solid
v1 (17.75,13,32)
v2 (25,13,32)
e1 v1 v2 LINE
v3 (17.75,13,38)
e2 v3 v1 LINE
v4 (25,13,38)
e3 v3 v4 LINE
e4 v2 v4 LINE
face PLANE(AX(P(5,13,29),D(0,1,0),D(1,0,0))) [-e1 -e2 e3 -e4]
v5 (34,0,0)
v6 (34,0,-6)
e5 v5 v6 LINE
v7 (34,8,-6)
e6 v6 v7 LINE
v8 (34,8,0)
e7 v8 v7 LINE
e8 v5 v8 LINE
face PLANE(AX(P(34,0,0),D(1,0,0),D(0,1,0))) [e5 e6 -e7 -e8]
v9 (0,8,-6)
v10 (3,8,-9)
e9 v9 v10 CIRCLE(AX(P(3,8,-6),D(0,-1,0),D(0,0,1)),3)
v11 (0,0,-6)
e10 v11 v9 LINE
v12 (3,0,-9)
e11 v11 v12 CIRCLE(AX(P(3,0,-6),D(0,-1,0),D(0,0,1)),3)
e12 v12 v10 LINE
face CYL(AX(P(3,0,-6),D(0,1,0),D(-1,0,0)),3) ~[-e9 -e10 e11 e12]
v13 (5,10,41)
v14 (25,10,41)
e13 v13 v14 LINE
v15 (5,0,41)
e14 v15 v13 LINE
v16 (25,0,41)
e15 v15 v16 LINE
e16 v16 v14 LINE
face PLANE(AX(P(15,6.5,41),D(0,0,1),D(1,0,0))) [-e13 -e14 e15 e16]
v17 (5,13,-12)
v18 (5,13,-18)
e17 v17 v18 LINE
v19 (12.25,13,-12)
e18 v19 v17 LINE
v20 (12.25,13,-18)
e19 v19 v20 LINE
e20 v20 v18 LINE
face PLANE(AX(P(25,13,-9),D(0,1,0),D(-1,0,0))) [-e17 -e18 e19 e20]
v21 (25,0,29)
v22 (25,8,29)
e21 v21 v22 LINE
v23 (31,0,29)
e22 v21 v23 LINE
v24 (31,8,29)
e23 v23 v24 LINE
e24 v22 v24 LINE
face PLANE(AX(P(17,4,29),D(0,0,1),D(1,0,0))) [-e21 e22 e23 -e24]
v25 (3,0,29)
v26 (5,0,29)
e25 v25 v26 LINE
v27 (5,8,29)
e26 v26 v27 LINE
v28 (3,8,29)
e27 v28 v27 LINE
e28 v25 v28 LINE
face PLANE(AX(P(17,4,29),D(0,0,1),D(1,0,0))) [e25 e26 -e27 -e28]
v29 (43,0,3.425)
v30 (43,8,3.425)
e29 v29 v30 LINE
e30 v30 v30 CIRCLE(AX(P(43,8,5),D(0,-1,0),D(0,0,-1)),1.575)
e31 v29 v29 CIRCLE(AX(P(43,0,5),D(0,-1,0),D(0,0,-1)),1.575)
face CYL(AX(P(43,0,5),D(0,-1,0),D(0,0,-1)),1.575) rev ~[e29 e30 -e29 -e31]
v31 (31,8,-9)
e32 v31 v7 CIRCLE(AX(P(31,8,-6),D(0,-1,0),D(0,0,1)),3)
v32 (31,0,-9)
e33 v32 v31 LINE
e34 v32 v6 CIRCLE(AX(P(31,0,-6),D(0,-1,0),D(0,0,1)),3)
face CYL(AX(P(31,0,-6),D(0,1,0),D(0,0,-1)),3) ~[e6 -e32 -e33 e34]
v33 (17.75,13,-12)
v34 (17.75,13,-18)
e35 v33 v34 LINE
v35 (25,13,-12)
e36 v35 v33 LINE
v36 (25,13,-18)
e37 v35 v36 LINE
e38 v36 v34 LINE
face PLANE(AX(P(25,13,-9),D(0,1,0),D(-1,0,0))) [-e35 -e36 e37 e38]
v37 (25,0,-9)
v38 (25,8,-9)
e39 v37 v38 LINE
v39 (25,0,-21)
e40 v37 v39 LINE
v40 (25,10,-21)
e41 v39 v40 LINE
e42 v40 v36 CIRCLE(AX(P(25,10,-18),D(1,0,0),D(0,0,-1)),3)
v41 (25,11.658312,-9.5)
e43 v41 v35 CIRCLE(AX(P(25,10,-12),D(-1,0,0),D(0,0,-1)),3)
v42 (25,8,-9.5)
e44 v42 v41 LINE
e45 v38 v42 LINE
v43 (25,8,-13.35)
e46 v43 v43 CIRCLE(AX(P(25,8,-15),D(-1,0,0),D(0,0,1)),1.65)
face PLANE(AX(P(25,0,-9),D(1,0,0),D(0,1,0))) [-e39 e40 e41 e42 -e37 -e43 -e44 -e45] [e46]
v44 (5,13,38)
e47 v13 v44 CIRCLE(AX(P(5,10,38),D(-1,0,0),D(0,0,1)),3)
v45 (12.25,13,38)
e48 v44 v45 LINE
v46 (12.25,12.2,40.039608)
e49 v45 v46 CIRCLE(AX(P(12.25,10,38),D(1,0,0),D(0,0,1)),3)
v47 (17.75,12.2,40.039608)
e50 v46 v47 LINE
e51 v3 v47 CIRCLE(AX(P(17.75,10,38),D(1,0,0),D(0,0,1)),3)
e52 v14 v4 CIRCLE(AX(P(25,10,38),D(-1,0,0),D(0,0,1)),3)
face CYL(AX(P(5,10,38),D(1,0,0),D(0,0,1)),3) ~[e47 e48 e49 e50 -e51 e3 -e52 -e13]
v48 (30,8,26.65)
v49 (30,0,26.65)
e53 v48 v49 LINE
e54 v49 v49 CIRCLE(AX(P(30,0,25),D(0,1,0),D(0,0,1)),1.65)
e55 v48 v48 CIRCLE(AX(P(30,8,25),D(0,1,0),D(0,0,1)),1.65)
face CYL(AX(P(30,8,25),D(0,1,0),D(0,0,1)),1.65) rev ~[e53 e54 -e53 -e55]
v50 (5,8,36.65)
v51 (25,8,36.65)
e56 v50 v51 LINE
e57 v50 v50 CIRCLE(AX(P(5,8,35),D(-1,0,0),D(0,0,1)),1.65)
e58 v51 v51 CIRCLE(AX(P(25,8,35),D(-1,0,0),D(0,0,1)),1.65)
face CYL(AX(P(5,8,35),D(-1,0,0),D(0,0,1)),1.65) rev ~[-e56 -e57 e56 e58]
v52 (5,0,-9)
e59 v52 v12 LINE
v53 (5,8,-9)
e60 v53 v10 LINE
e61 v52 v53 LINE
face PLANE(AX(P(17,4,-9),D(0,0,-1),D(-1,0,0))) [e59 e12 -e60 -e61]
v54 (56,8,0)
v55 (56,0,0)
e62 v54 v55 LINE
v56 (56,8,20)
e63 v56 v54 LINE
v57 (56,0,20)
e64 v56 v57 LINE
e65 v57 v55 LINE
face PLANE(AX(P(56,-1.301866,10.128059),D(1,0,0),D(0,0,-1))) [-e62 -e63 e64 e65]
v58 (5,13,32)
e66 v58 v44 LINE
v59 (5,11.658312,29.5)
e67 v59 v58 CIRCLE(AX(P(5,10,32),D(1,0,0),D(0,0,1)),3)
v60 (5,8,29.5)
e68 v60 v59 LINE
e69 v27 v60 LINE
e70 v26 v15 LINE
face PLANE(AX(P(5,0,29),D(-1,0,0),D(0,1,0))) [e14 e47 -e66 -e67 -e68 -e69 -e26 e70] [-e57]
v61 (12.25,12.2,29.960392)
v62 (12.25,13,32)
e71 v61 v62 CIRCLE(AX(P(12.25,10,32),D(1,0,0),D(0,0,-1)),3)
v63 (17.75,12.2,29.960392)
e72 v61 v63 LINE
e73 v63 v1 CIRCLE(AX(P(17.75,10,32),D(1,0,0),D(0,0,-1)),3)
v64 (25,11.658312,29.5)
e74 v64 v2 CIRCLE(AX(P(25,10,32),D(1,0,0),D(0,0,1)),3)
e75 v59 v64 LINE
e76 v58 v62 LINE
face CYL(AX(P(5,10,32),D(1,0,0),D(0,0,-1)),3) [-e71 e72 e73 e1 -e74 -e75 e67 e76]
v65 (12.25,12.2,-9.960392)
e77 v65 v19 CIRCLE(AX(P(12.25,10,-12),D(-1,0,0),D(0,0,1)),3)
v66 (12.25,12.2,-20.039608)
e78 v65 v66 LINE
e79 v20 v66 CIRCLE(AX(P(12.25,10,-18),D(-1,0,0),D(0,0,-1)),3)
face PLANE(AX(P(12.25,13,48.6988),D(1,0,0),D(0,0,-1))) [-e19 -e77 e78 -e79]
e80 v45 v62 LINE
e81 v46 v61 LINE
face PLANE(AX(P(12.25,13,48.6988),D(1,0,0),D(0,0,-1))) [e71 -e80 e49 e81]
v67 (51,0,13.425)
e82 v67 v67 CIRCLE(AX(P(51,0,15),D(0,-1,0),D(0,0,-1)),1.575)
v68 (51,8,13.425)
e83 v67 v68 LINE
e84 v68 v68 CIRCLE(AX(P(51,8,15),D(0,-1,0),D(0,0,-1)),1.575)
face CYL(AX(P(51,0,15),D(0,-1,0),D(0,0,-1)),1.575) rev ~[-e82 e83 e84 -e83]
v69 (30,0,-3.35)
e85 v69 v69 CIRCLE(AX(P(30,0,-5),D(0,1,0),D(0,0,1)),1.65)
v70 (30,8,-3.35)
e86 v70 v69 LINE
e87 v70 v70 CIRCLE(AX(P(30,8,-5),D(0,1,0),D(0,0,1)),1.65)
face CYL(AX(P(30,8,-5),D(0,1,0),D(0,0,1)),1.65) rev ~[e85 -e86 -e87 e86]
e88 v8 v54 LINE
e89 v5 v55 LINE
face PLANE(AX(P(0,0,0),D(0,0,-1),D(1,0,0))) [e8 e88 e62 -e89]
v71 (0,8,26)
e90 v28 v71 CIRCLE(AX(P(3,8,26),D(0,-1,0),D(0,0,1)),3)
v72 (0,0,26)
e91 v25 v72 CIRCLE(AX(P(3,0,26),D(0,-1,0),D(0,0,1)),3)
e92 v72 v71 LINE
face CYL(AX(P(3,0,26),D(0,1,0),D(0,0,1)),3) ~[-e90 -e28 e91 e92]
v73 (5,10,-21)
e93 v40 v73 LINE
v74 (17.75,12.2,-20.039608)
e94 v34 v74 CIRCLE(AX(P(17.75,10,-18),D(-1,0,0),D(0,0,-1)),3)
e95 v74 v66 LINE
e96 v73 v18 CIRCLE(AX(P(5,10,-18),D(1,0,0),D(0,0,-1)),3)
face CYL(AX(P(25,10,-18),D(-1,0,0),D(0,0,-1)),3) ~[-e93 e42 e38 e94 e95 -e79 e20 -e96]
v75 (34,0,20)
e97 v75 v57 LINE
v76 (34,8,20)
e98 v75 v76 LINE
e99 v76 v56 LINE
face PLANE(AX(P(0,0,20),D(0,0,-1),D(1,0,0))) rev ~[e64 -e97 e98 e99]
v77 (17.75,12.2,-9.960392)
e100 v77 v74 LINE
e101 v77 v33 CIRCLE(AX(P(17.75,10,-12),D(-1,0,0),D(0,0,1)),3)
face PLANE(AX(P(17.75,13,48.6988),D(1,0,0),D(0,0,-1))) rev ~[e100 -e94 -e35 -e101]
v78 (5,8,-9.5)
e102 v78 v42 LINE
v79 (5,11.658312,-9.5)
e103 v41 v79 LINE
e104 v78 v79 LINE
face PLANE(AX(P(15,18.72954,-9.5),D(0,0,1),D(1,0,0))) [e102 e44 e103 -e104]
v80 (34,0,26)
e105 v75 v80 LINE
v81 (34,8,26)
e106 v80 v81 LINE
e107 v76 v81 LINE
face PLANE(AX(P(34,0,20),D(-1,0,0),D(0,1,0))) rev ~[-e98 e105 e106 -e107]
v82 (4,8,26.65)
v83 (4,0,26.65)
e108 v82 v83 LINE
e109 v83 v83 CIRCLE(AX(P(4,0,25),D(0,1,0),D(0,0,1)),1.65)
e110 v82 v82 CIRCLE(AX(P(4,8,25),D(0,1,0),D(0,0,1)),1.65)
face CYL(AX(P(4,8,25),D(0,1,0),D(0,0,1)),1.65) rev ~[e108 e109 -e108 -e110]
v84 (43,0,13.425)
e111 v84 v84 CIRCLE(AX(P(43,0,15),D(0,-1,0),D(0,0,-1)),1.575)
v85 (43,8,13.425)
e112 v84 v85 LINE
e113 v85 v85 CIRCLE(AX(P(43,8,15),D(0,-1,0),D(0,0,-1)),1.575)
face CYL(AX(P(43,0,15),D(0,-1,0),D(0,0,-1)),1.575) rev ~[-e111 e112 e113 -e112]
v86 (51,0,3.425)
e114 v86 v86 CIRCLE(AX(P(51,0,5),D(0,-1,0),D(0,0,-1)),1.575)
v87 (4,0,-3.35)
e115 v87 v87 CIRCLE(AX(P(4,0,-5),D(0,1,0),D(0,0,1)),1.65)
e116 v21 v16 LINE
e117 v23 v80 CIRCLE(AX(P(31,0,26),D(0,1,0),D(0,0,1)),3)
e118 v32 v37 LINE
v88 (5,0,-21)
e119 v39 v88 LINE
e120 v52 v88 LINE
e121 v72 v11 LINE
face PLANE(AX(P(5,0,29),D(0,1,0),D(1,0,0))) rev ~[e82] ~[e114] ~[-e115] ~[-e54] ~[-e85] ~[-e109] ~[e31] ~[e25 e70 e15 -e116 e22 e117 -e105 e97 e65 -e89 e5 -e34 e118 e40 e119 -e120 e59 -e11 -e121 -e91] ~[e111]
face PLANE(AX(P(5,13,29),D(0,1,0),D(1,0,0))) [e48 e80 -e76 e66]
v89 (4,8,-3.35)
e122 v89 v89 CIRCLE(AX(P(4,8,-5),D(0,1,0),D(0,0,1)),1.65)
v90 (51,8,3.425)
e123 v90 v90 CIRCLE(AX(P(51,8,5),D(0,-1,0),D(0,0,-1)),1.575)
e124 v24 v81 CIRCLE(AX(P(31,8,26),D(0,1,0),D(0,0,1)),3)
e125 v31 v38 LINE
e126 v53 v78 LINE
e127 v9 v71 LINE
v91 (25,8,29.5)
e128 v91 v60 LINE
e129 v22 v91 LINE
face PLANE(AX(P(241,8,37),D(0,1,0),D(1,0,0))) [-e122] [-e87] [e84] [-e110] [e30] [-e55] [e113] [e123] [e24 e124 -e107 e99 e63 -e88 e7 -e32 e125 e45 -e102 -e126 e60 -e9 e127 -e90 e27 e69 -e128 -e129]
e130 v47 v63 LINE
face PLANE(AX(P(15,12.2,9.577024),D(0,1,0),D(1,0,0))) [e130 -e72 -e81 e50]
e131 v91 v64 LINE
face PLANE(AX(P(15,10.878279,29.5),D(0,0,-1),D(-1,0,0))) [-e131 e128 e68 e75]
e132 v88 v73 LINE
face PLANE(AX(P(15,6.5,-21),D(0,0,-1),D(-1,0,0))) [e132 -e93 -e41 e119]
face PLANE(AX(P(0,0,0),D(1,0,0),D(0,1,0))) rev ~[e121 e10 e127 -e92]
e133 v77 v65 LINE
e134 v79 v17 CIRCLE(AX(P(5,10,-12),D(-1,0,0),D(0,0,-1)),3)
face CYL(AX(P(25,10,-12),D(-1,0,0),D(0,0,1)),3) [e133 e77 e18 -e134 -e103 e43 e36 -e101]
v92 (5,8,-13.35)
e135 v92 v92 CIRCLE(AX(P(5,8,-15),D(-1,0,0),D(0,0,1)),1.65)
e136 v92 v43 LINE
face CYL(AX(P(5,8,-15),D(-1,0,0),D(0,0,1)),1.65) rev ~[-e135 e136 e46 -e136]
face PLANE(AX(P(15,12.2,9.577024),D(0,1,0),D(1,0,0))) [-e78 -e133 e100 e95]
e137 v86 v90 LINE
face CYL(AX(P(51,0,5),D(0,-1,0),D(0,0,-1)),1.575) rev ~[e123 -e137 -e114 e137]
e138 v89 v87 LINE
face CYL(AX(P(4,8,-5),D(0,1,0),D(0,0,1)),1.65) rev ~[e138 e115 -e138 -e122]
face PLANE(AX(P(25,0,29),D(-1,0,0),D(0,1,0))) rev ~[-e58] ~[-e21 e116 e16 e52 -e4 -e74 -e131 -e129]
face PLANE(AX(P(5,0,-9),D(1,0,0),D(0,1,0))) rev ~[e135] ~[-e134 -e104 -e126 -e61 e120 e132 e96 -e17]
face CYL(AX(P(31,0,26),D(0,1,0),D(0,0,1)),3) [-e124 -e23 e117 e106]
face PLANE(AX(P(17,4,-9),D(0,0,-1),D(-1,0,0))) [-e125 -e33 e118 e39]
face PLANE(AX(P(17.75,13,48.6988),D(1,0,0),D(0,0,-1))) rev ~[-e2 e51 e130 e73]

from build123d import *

# Parameters (mm, degrees)
SKETCH1_W            = 300
SKETCH1_H            = 20
BOSS_EXTRUDE1_DEPTH  = 8
SKETCH2_W            = 34
SKETCH2_H            = 8
BOSS_EXTRUDE2_DEPTH  = 9
SKETCH3_W            = 34
SKETCH3_H            = 8
BOSS_EXTRUDE3_DEPTH  = 9
SKETCH4_R            = 1.65
CUT_EXTRUDE1_DEPTH   = 302.504560496
SKETCH5_W            = 25
SKETCH5_H            = 8
BOSS_EXTRUDE4_DEPTH  = 17
SKETCH6_W            = 25
SKETCH6_H            = 8
BOSS_EXTRUDE5_DEPTH  = 17
SKETCH7_W            = 10
SKETCH7_H            = 38
CUT_EXTRUDE2_DEPTH   = 303.37890138
SKETCH8_W            = 7
SKETCH8_H            = 16
CUT_EXTRUDE3_DEPTH   = 4
CUT_EXTRUDE4_DEPTH   = 7
BOSS_EXTRUDE6_DEPTH  = 10
SKETCH12_W           = 8
SKETCH12_H           = 8
BOSS_EXTRUDE7_DEPTH  = 17
SKETCH13_R           = 1.7
CUT_EXTRUDE6_DEPTH   = 305.926220585
SKETCH14_W           = 20
SKETCH14_H           = 13
BOSS_EXTRUDE8_DEPTH  = 12
SKETCH15_R           = 1.6
CUT_EXTRUDE7_DEPTH   = 20
SKETCH16_W           = 20
SKETCH16_H           = 13
BOSS_EXTRUDE9_DEPTH  = 12
SKETCH17_R           = 1.6
CUT_EXTRUDE8_DEPTH   = 20
SKETCH18_W           = 20
SKETCH18_H           = 13
BOSS_EXTRUDE10_DEPTH = 12
SKETCH19_R           = 1.65
CUT_EXTRUDE9_DEPTH   = 20
SKETCH20_W           = 20
SKETCH20_H           = 13
BOSS_EXTRUDE11_DEPTH = 12
SKETCH21_R           = 1.65
CUT_EXTRUDE10_DEPTH  = 20
FILLET6_R            = 3
SKETCH22_W           = 123.750788161
SKETCH22_H           = 72.639217631
CUT_EXTRUDE11_DEPTH  = 244
SKETCH23_R           = 1.575
CUT_EXTRUDE12_DEPTH  = 71.611613776
FILLET7_R            = 3
SKETCH24_W           = 5.5
SKETCH24_H           = 78.243551934
CUT_EXTRUDE13_DEPTH  = 0.8
SKETCH25_W           = 20
SKETCH25_H           = 5.75655834
CUT_EXTRUDE14_DEPTH  = 0.5
SKETCH26_W           = 20
SKETCH26_H           = 21.459079842
CUT_EXTRUDE15_DEPTH  = 0.5


with BuildPart() as part:
    # Sketch1 → Boss-Extrude1 (new body)
    with BuildSketch(Plane(origin=(0, 0, 0), x_dir=(1, 0, 0), z_dir=(0, 1, 0))):
        with Locations((150, -10)):
            Rectangle(SKETCH1_W, SKETCH1_H)
    extrude(amount=BOSS_EXTRUDE1_DEPTH)

    # Sketch2 → Boss-Extrude2 (add)
    with BuildSketch(Plane.XY.offset(20)):
        with Locations((17, 4)):
            Rectangle(SKETCH2_W, SKETCH2_H)
        with Locations((283, 4)):
            Rectangle(SKETCH2_W, SKETCH2_H)
    extrude(amount=BOSS_EXTRUDE2_DEPTH)

    # Sketch3 → Boss-Extrude3 (add)
    with BuildSketch(Plane(origin=(0, 0, 0), x_dir=(-1, 0, 0), z_dir=(0, 0, -1))):
        with Locations((-17, 4)):
            Rectangle(SKETCH3_W, SKETCH3_H)
        with Locations((-283, 4)):
            Rectangle(SKETCH3_W, SKETCH3_H)
    extrude(amount=BOSS_EXTRUDE3_DEPTH)

    # Sketch4 → Cut-Extrude1 (cut, through all)
    with BuildSketch(Plane(origin=(0, 8, 0), x_dir=(1, 0, 0), z_dir=(0, 1, 0))):
        with Locations(Location((4, 5, 0), (0, 0, 270))):
            Circle(SKETCH4_R)
        with Locations(Location((30, 5, 0), (0, 0, 270))):
            Circle(SKETCH4_R)
        with Locations(Location((30, -25, 0), (0, 0, 270))):
            Circle(SKETCH4_R)
        with Locations(Location((4, -25, 0), (0, 0, 270))):
            Circle(SKETCH4_R)
        with Locations(Location((296, -25, 0), (0, 0, 270))):
            Circle(SKETCH4_R)
        with Locations(Location((296, 5, 0), (0, 0, 270))):
            Circle(SKETCH4_R)
        with Locations(Location((270, -25, 0), (0, 0, 270))):
            Circle(SKETCH4_R)
        with Locations(Location((270, 5, 0), (0, 0, 270))):
            Circle(SKETCH4_R)
    extrude(amount=-CUT_EXTRUDE1_DEPTH, mode=Mode.SUBTRACT)

    # Sketch5 → Boss-Extrude4 (add)
    with BuildSketch(Plane.XY.offset(20)):
        with Locations((253.5, 4)):
            Rectangle(SKETCH5_W, SKETCH5_H)
    extrude(amount=BOSS_EXTRUDE4_DEPTH)

    # Sketch6 → Boss-Extrude5 (add)
    with BuildSketch(Plane(origin=(0, 0, 0), x_dir=(-1, 0, 0), z_dir=(0, 0, -1))):
        with Locations((-253.5, 4)):
            Rectangle(SKETCH6_W, SKETCH6_H)
    extrude(amount=BOSS_EXTRUDE5_DEPTH)

    # Sketch7 → Cut-Extrude2 (cut, through all)
    with BuildSketch(Plane(origin=(0, 8, 0), x_dir=(1, 0, 0), z_dir=(0, 1, 0))):
        with Locations((254, -10)):
            Rectangle(SKETCH7_W, SKETCH7_H)
    extrude(amount=-CUT_EXTRUDE2_DEPTH, mode=Mode.SUBTRACT)

    # Sketch8 → Cut-Extrude3 (cut)
    with BuildSketch(Plane(origin=(0, 8, 0), x_dir=(1, 0, 0), z_dir=(0, 1, 0))):
        with Locations((262.5, -10)):
            Rectangle(SKETCH8_W, SKETCH8_H)
    extrude(amount=-CUT_EXTRUDE3_DEPTH, mode=Mode.SUBTRACT)

    # Sketch9 → Cut-Extrude4 (cut)
    with BuildSketch(Plane.ZY.offset(-259)):
        Polygon((18, 4), (22, 8), (18, 8), align=None)
        Polygon((2, 4), (-2, 8), (2, 8), align=None)
    extrude(amount=-CUT_EXTRUDE4_DEPTH, mode=Mode.SUBTRACT)

    # Sketch10 → Boss-Extrude6 (add)
    with BuildSketch(Plane.ZY.offset(-259)):
        Polygon((-2, 0), (-9, 8), (-9, 0), align=None)
        Polygon((29, 8), (22, 0), (29, 0), align=None)
    extrude(amount=BOSS_EXTRUDE6_DEPTH)

    # Sketch12 → Boss-Extrude7 (add)
    with BuildSketch(Plane.XY.offset(37)):
        with Locations((245, 4)):
            Rectangle(SKETCH12_W, SKETCH12_H)
    extrude(amount=BOSS_EXTRUDE7_DEPTH)

    # Sketch13 → Cut-Extrude6 (cut, through all)
    with BuildSketch(Plane(origin=(0, 8, 0), x_dir=(1, 0, 0), z_dir=(0, 1, 0))):
        with Locations(Location((245, -50, 0), (0, 0, 270))):
            Circle(SKETCH13_R)
        with Locations(Location((245, -18, 0), (0, 0, 270))):
            Circle(SKETCH13_R)
    extrude(amount=-CUT_EXTRUDE6_DEPTH, mode=Mode.SUBTRACT)

    # Sketch14 → Boss-Extrude8 (add)
    with BuildSketch(Plane.XY.offset(29)):
        with Locations((285, 6.5)):
            Rectangle(SKETCH14_W, SKETCH14_H)
    extrude(amount=BOSS_EXTRUDE8_DEPTH)

    # Sketch15 → Cut-Extrude7 (cut)
    with BuildSketch(Plane(origin=(295, 0, 0), x_dir=(0, 0, -1), z_dir=(1, 0, 0))):
        with Locations((-35, 8)):
            Circle(SKETCH15_R)
    extrude(amount=-CUT_EXTRUDE7_DEPTH, mode=Mode.SUBTRACT)

    # Sketch16 → Boss-Extrude9 (add)
    with BuildSketch(Plane(origin=(0, 0, -9), x_dir=(-1, 0, 0), z_dir=(0, 0, -1))):
        with Locations((-285, 6.5)):
            Rectangle(SKETCH16_W, SKETCH16_H)
    extrude(amount=BOSS_EXTRUDE9_DEPTH)

    # Sketch17 → Cut-Extrude8 (cut)
    with BuildSketch(Plane(origin=(295, 0, 0), x_dir=(0, 0, -1), z_dir=(1, 0, 0))):
        with Locations((15, 8)):
            Circle(SKETCH17_R)
    extrude(amount=-CUT_EXTRUDE8_DEPTH, mode=Mode.SUBTRACT)

    # Sketch18 → Boss-Extrude10 (add)
    with BuildSketch(Plane(origin=(0, 0, -9), x_dir=(-1, 0, 0), z_dir=(0, 0, -1))):
        with Locations((-15, 6.5)):
            Rectangle(SKETCH18_W, SKETCH18_H)
    extrude(amount=BOSS_EXTRUDE10_DEPTH)

    # Sketch19 → Cut-Extrude9 (cut)
    with BuildSketch(Plane.ZY.offset(-5)):
        with Locations((-15, 8)):
            Circle(SKETCH19_R)
    extrude(amount=-CUT_EXTRUDE9_DEPTH, mode=Mode.SUBTRACT)

    # Sketch20 → Boss-Extrude11 (add)
    with BuildSketch(Plane.XY.offset(29)):
        with Locations((15, 6.5)):
            Rectangle(SKETCH20_W, SKETCH20_H)
    extrude(amount=BOSS_EXTRUDE11_DEPTH)

    # Sketch21 → Cut-Extrude10 (cut)
    with BuildSketch(Plane.ZY.offset(-5)):
        with Locations((35, 8)):
            Circle(SKETCH21_R)
    extrude(amount=-CUT_EXTRUDE10_DEPTH, mode=Mode.SUBTRACT)

    # Fillet6
    fillet6_edges = [part.edges().sort_by_distance(p)[0] for p in [
        (285, 13, 29),
        (285, 13, 41),
        (285, 13, -9),
        (285, 13, -21),
        (15, 13, -9),
        (15, 13, -21),
        (15, 13, 29),
        (15, 13, 41),
    ]]
    fillet(fillet6_edges, radius=FILLET6_R)

    # Sketch22 → Cut-Extrude11 (cut)
    with BuildSketch(Plane(origin=(300, 0, 0), x_dir=(0, 0, -1), z_dir=(1, 0, 0))):
        with Locations((-10.128058827, -1.301866478)):
            Rectangle(SKETCH22_W, SKETCH22_H)
    extrude(amount=-CUT_EXTRUDE11_DEPTH, mode=Mode.SUBTRACT)

    # Sketch23 → Cut-Extrude12 (cut, through all)
    with BuildSketch(Plane(origin=(0, 0, 0), x_dir=(-1, 0, 0), z_dir=(0, -1, 0))):
        with Locations(Location((-51, -5, 0), (0, 0, 90))):
            Circle(SKETCH23_R)
        with Locations(Location((-51, -15, 0), (0, 0, 90))):
            Circle(SKETCH23_R)
        with Locations(Location((-43, -5, 0), (0, 0, 90))):
            Circle(SKETCH23_R)
        with Locations(Location((-43, -15, 0), (0, 0, 90))):
            Circle(SKETCH23_R)
    extrude(amount=-CUT_EXTRUDE12_DEPTH, mode=Mode.SUBTRACT)

    # Fillet7
    fillet7_edges = [part.edges().sort_by_distance(p)[0] for p in [
        (0, 4, 29),
        (34, 4, 29),
        (0, 4, -9),
        (34, 4, -9),
    ]]
    fillet(fillet7_edges, radius=FILLET7_R)

    # Sketch24 → Cut-Extrude13 (cut)
    with BuildSketch(Plane(origin=(0, 13, 0), x_dir=(1, 0, 0), z_dir=(0, 1, 0))):
        with Locations((15, -9.577024089)):
            Rectangle(SKETCH24_W, SKETCH24_H)
    extrude(amount=-CUT_EXTRUDE13_DEPTH, mode=Mode.SUBTRACT)

    # Sketch25 → Cut-Extrude14 (cut)
    with BuildSketch(Plane(origin=(0, 0, 29), x_dir=(-1, 0, 0), z_dir=(0, 0, -1))):
        with Locations((-15, 10.87827917)):
            Rectangle(SKETCH25_W, SKETCH25_H)
    extrude(amount=-CUT_EXTRUDE14_DEPTH, mode=Mode.SUBTRACT)

    # Sketch26 → Cut-Extrude15 (cut)
    with BuildSketch(Plane.XY.offset(-9)):
        with Locations((15, 18.729539921)):
            Rectangle(SKETCH26_W, SKETCH26_H)
    extrude(amount=-CUT_EXTRUDE15_DEPTH, mode=Mode.SUBTRACT)


solid = part.part
